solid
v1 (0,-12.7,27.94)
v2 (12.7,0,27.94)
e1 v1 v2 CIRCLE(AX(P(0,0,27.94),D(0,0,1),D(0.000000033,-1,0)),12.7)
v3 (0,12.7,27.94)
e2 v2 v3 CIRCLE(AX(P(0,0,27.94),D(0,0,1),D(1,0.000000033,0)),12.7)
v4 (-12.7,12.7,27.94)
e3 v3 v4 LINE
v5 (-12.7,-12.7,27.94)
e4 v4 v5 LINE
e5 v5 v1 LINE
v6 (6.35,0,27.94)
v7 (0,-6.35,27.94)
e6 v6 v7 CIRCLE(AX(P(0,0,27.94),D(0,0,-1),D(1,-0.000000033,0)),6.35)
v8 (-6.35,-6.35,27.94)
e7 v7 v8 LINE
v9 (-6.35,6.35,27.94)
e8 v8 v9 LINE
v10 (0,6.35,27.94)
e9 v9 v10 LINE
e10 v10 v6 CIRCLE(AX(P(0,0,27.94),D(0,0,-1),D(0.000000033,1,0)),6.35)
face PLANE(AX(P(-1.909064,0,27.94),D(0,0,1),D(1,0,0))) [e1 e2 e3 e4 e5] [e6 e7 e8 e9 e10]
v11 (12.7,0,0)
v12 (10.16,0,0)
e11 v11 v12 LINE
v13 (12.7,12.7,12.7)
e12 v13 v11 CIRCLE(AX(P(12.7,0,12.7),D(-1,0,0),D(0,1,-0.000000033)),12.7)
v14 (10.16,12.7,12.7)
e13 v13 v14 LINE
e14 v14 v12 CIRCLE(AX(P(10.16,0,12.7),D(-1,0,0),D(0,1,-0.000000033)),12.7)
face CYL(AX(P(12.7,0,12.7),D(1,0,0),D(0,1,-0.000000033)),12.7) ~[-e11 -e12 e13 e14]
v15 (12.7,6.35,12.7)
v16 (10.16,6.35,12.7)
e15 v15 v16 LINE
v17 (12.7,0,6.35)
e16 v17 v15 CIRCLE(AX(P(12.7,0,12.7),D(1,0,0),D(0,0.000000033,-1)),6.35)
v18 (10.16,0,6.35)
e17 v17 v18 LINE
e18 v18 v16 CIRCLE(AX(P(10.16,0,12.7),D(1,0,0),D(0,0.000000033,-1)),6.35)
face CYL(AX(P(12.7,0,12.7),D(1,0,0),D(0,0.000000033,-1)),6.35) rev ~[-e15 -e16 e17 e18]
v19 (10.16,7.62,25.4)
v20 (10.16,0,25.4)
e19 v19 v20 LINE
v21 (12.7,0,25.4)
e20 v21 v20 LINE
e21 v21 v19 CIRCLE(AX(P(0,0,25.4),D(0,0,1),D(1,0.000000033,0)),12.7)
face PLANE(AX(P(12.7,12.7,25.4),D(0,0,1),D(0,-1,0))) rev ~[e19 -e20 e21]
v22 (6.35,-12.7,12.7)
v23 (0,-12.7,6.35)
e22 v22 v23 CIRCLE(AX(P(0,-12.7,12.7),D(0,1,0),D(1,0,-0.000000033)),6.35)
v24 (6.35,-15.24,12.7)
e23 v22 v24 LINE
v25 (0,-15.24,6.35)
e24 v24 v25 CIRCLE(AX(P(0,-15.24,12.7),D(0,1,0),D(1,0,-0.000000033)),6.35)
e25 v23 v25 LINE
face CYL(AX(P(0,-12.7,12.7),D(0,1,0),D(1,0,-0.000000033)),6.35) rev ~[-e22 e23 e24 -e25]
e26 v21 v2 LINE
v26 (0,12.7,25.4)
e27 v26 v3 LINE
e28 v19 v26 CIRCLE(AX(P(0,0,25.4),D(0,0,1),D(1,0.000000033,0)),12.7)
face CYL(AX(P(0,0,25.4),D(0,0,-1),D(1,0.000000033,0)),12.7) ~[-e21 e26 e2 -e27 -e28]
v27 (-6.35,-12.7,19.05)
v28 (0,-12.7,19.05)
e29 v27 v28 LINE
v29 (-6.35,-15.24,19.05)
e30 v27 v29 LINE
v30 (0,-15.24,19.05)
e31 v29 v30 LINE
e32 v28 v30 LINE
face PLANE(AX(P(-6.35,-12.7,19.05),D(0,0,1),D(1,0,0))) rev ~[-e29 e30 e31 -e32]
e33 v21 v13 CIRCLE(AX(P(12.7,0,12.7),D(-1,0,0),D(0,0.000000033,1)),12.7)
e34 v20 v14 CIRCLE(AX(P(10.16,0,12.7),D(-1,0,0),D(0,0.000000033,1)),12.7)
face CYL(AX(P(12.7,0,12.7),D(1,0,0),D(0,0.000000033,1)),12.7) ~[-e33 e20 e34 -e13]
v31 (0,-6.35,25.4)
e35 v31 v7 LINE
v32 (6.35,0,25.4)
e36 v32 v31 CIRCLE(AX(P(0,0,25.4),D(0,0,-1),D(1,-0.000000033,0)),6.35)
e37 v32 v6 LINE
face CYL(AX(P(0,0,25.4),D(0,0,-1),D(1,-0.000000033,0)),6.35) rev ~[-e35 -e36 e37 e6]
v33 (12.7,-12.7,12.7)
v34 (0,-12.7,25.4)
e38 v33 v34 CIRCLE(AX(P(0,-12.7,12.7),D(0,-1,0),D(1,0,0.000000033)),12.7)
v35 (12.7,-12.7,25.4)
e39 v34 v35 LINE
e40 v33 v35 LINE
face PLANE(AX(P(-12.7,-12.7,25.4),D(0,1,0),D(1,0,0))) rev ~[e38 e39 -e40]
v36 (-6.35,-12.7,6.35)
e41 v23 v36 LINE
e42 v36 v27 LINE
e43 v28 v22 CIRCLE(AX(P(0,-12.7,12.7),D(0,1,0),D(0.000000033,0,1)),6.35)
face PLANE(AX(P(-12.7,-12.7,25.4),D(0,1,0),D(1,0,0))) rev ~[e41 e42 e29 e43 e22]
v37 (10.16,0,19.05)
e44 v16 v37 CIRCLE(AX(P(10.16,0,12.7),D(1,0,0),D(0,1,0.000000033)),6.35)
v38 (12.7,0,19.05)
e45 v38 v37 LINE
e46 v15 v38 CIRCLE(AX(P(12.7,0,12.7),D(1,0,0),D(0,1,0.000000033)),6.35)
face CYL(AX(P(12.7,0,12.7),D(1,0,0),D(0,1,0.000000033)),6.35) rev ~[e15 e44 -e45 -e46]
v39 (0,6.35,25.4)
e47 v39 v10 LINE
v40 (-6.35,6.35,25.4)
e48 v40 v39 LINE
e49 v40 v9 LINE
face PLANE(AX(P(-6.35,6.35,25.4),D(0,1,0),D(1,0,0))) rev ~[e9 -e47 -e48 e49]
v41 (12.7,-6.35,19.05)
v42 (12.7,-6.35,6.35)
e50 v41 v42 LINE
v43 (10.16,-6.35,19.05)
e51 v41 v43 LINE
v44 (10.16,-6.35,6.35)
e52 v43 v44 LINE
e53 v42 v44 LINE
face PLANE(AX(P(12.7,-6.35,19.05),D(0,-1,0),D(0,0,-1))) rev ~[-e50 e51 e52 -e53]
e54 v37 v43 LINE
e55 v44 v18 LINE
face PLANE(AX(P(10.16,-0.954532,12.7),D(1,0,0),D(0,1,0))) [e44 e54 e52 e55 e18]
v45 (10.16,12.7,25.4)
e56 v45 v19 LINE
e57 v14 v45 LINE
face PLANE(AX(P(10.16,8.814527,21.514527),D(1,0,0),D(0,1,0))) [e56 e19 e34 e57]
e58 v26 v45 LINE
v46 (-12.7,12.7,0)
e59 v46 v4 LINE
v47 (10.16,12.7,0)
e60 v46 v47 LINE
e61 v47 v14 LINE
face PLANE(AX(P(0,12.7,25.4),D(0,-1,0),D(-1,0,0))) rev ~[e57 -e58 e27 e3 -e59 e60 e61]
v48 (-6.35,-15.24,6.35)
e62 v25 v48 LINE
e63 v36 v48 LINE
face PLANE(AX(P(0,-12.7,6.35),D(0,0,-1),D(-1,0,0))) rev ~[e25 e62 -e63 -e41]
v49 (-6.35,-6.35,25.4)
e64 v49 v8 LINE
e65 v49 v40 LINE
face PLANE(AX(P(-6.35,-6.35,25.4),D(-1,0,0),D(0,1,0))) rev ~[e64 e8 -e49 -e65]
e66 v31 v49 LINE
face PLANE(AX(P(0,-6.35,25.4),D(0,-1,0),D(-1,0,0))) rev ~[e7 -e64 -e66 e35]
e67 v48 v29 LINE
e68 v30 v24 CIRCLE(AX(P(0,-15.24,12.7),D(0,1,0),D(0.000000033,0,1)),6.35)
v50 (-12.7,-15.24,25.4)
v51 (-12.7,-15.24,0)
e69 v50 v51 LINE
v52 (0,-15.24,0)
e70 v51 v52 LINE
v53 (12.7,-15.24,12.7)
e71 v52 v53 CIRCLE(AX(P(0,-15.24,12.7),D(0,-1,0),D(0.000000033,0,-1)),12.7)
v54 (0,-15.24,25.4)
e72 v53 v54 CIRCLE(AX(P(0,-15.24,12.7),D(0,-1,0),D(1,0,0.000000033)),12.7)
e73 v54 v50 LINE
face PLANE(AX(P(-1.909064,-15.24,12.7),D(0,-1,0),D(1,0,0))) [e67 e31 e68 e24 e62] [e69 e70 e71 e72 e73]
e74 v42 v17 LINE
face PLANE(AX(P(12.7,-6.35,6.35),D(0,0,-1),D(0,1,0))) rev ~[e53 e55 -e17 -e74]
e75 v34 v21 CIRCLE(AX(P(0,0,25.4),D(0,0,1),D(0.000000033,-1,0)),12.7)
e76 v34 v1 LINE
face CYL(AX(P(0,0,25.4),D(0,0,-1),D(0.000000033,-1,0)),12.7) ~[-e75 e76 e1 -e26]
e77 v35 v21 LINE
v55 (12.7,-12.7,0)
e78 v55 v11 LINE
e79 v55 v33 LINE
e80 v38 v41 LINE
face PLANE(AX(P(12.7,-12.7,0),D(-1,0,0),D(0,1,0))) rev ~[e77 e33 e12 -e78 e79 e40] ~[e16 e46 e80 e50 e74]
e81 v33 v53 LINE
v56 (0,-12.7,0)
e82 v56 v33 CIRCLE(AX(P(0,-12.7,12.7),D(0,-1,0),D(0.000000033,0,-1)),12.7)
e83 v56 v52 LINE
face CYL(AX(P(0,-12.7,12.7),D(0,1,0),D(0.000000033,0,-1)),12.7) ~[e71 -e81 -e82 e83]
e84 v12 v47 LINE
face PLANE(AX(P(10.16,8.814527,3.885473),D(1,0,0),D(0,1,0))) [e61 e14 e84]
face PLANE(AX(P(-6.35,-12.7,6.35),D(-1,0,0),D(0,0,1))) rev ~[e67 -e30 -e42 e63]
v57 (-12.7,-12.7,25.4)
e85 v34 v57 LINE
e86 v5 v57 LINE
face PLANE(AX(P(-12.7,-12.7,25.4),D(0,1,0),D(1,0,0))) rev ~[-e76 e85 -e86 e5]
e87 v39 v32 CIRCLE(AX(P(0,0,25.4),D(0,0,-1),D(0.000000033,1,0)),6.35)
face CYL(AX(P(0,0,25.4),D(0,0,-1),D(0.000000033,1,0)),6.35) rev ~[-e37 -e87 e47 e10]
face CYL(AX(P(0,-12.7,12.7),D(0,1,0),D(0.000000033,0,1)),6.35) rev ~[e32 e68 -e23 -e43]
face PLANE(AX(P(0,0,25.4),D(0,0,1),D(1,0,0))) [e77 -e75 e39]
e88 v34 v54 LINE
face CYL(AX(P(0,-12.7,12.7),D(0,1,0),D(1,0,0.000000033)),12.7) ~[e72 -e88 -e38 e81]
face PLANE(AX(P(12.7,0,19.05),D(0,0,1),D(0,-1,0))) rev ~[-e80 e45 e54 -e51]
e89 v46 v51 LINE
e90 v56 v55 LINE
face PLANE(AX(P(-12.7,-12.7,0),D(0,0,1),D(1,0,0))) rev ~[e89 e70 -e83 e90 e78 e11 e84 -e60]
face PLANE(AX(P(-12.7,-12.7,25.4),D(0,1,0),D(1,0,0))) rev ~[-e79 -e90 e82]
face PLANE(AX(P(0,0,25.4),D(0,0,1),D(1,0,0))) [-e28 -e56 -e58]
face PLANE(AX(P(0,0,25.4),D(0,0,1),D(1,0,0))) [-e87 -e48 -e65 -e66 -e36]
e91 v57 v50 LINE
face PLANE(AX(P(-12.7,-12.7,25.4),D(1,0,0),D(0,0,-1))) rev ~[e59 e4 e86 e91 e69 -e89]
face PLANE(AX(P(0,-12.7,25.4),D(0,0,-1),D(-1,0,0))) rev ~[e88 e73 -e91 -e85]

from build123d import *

# Parameters (mm, degrees)
F0_W     = 25.4
F0_H     = 25.4
F1_DEPTH = 25.4
F5_DEPTH = 2.54
F6_DEPTH = 2.54
F7_DEPTH = 2.54


with BuildPart() as f1:
    # F0 (on Top) → F1 (new body)
    with BuildSketch(Plane.XY):
        Rectangle(F0_W, F0_H)
    extrude(amount=F1_DEPTH)

    # F2 (on face) → F5 (join)
    with BuildSketch(Plane.XY.offset(25.4)):
        with BuildLine():
            ThreePointArc((12.7, 0), (8.980256, 8.980256), (0, 12.7))
            Line((0, 12.7), (-12.7, 12.7))
            Line((-12.7, 12.7), (-12.7, -12.7))
            Line((-12.7, -12.7), (0, -12.7))
            ThreePointArc((0, -12.7), (8.980256, -8.980256), (12.7, 0))
        make_face()
        with BuildLine():
            Line((-6.35, -6.35), (-6.35, 6.35))
            Line((-6.35, 6.35), (0, 6.35))
            ThreePointArc((0, 6.35), (4.490128, 4.490128), (6.35, 0))
            ThreePointArc((6.35, 0), (4.490128, -4.490128), (0, -6.35))
            Line((0, -6.35), (-6.35, -6.35))
        make_face(mode=Mode.SUBTRACT)
    extrude(amount=F5_DEPTH)

    # F3 (on face) → F6 (join)
    with BuildSketch(Plane.XZ.offset(12.7)):
        with BuildLine():
            Line((-12.7, 25.4), (-12.7, 0))
            Line((-12.7, 0), (0, 0))
            ThreePointArc((0, 0), (8.980256, 3.719744), (12.7, 12.7))
            ThreePointArc((12.7, 12.7), (8.980256, 21.680256), (0, 25.4))
            Line((0, 25.4), (-12.7, 25.4))
        make_face()
        with BuildLine():
            Line((-6.35, 19.05), (0, 19.05))
            ThreePointArc((0, 19.05), (4.490128, 17.190128), (6.35, 12.7))
            ThreePointArc((6.35, 12.7), (4.490128, 8.209872), (0, 6.35))
            Line((0, 6.35), (-6.35, 6.35))
            Line((-6.35, 6.35), (-6.35, 19.05))
        make_face(mode=Mode.SUBTRACT)
    extrude(amount=F6_DEPTH)

    # F4 (on face) → F7 (cut)
    with BuildSketch(Plane.YZ.offset(12.7)):
        with BuildLine():
            Line((0, 19.05), (-6.35, 19.05))
            Line((-6.35, 19.05), (-6.35, 6.35))
            Line((-6.35, 6.35), (0, 6.35))
            ThreePointArc((0, 6.35), (4.490128, 8.209872), (6.35, 12.7))
            ThreePointArc((6.35, 12.7), (4.490128, 17.190128), (0, 19.05))
        make_face()
        with BuildLine():
            Line((12.7, 25.4), (0, 25.4))
            ThreePointArc((0, 25.4), (8.980256, 21.680256), (12.7, 12.7))
            Line((12.7, 12.7), (12.7, 25.4))
        make_face()
        with BuildLine():
            Line((12.7, 0), (12.7, 12.7))
            ThreePointArc((12.7, 12.7), (8.980256, 3.719744), (0, 0))
            Line((0, 0), (12.7, 0))
        make_face()
    extrude(amount=-F7_DEPTH, mode=Mode.SUBTRACT)


solid = f1.part
